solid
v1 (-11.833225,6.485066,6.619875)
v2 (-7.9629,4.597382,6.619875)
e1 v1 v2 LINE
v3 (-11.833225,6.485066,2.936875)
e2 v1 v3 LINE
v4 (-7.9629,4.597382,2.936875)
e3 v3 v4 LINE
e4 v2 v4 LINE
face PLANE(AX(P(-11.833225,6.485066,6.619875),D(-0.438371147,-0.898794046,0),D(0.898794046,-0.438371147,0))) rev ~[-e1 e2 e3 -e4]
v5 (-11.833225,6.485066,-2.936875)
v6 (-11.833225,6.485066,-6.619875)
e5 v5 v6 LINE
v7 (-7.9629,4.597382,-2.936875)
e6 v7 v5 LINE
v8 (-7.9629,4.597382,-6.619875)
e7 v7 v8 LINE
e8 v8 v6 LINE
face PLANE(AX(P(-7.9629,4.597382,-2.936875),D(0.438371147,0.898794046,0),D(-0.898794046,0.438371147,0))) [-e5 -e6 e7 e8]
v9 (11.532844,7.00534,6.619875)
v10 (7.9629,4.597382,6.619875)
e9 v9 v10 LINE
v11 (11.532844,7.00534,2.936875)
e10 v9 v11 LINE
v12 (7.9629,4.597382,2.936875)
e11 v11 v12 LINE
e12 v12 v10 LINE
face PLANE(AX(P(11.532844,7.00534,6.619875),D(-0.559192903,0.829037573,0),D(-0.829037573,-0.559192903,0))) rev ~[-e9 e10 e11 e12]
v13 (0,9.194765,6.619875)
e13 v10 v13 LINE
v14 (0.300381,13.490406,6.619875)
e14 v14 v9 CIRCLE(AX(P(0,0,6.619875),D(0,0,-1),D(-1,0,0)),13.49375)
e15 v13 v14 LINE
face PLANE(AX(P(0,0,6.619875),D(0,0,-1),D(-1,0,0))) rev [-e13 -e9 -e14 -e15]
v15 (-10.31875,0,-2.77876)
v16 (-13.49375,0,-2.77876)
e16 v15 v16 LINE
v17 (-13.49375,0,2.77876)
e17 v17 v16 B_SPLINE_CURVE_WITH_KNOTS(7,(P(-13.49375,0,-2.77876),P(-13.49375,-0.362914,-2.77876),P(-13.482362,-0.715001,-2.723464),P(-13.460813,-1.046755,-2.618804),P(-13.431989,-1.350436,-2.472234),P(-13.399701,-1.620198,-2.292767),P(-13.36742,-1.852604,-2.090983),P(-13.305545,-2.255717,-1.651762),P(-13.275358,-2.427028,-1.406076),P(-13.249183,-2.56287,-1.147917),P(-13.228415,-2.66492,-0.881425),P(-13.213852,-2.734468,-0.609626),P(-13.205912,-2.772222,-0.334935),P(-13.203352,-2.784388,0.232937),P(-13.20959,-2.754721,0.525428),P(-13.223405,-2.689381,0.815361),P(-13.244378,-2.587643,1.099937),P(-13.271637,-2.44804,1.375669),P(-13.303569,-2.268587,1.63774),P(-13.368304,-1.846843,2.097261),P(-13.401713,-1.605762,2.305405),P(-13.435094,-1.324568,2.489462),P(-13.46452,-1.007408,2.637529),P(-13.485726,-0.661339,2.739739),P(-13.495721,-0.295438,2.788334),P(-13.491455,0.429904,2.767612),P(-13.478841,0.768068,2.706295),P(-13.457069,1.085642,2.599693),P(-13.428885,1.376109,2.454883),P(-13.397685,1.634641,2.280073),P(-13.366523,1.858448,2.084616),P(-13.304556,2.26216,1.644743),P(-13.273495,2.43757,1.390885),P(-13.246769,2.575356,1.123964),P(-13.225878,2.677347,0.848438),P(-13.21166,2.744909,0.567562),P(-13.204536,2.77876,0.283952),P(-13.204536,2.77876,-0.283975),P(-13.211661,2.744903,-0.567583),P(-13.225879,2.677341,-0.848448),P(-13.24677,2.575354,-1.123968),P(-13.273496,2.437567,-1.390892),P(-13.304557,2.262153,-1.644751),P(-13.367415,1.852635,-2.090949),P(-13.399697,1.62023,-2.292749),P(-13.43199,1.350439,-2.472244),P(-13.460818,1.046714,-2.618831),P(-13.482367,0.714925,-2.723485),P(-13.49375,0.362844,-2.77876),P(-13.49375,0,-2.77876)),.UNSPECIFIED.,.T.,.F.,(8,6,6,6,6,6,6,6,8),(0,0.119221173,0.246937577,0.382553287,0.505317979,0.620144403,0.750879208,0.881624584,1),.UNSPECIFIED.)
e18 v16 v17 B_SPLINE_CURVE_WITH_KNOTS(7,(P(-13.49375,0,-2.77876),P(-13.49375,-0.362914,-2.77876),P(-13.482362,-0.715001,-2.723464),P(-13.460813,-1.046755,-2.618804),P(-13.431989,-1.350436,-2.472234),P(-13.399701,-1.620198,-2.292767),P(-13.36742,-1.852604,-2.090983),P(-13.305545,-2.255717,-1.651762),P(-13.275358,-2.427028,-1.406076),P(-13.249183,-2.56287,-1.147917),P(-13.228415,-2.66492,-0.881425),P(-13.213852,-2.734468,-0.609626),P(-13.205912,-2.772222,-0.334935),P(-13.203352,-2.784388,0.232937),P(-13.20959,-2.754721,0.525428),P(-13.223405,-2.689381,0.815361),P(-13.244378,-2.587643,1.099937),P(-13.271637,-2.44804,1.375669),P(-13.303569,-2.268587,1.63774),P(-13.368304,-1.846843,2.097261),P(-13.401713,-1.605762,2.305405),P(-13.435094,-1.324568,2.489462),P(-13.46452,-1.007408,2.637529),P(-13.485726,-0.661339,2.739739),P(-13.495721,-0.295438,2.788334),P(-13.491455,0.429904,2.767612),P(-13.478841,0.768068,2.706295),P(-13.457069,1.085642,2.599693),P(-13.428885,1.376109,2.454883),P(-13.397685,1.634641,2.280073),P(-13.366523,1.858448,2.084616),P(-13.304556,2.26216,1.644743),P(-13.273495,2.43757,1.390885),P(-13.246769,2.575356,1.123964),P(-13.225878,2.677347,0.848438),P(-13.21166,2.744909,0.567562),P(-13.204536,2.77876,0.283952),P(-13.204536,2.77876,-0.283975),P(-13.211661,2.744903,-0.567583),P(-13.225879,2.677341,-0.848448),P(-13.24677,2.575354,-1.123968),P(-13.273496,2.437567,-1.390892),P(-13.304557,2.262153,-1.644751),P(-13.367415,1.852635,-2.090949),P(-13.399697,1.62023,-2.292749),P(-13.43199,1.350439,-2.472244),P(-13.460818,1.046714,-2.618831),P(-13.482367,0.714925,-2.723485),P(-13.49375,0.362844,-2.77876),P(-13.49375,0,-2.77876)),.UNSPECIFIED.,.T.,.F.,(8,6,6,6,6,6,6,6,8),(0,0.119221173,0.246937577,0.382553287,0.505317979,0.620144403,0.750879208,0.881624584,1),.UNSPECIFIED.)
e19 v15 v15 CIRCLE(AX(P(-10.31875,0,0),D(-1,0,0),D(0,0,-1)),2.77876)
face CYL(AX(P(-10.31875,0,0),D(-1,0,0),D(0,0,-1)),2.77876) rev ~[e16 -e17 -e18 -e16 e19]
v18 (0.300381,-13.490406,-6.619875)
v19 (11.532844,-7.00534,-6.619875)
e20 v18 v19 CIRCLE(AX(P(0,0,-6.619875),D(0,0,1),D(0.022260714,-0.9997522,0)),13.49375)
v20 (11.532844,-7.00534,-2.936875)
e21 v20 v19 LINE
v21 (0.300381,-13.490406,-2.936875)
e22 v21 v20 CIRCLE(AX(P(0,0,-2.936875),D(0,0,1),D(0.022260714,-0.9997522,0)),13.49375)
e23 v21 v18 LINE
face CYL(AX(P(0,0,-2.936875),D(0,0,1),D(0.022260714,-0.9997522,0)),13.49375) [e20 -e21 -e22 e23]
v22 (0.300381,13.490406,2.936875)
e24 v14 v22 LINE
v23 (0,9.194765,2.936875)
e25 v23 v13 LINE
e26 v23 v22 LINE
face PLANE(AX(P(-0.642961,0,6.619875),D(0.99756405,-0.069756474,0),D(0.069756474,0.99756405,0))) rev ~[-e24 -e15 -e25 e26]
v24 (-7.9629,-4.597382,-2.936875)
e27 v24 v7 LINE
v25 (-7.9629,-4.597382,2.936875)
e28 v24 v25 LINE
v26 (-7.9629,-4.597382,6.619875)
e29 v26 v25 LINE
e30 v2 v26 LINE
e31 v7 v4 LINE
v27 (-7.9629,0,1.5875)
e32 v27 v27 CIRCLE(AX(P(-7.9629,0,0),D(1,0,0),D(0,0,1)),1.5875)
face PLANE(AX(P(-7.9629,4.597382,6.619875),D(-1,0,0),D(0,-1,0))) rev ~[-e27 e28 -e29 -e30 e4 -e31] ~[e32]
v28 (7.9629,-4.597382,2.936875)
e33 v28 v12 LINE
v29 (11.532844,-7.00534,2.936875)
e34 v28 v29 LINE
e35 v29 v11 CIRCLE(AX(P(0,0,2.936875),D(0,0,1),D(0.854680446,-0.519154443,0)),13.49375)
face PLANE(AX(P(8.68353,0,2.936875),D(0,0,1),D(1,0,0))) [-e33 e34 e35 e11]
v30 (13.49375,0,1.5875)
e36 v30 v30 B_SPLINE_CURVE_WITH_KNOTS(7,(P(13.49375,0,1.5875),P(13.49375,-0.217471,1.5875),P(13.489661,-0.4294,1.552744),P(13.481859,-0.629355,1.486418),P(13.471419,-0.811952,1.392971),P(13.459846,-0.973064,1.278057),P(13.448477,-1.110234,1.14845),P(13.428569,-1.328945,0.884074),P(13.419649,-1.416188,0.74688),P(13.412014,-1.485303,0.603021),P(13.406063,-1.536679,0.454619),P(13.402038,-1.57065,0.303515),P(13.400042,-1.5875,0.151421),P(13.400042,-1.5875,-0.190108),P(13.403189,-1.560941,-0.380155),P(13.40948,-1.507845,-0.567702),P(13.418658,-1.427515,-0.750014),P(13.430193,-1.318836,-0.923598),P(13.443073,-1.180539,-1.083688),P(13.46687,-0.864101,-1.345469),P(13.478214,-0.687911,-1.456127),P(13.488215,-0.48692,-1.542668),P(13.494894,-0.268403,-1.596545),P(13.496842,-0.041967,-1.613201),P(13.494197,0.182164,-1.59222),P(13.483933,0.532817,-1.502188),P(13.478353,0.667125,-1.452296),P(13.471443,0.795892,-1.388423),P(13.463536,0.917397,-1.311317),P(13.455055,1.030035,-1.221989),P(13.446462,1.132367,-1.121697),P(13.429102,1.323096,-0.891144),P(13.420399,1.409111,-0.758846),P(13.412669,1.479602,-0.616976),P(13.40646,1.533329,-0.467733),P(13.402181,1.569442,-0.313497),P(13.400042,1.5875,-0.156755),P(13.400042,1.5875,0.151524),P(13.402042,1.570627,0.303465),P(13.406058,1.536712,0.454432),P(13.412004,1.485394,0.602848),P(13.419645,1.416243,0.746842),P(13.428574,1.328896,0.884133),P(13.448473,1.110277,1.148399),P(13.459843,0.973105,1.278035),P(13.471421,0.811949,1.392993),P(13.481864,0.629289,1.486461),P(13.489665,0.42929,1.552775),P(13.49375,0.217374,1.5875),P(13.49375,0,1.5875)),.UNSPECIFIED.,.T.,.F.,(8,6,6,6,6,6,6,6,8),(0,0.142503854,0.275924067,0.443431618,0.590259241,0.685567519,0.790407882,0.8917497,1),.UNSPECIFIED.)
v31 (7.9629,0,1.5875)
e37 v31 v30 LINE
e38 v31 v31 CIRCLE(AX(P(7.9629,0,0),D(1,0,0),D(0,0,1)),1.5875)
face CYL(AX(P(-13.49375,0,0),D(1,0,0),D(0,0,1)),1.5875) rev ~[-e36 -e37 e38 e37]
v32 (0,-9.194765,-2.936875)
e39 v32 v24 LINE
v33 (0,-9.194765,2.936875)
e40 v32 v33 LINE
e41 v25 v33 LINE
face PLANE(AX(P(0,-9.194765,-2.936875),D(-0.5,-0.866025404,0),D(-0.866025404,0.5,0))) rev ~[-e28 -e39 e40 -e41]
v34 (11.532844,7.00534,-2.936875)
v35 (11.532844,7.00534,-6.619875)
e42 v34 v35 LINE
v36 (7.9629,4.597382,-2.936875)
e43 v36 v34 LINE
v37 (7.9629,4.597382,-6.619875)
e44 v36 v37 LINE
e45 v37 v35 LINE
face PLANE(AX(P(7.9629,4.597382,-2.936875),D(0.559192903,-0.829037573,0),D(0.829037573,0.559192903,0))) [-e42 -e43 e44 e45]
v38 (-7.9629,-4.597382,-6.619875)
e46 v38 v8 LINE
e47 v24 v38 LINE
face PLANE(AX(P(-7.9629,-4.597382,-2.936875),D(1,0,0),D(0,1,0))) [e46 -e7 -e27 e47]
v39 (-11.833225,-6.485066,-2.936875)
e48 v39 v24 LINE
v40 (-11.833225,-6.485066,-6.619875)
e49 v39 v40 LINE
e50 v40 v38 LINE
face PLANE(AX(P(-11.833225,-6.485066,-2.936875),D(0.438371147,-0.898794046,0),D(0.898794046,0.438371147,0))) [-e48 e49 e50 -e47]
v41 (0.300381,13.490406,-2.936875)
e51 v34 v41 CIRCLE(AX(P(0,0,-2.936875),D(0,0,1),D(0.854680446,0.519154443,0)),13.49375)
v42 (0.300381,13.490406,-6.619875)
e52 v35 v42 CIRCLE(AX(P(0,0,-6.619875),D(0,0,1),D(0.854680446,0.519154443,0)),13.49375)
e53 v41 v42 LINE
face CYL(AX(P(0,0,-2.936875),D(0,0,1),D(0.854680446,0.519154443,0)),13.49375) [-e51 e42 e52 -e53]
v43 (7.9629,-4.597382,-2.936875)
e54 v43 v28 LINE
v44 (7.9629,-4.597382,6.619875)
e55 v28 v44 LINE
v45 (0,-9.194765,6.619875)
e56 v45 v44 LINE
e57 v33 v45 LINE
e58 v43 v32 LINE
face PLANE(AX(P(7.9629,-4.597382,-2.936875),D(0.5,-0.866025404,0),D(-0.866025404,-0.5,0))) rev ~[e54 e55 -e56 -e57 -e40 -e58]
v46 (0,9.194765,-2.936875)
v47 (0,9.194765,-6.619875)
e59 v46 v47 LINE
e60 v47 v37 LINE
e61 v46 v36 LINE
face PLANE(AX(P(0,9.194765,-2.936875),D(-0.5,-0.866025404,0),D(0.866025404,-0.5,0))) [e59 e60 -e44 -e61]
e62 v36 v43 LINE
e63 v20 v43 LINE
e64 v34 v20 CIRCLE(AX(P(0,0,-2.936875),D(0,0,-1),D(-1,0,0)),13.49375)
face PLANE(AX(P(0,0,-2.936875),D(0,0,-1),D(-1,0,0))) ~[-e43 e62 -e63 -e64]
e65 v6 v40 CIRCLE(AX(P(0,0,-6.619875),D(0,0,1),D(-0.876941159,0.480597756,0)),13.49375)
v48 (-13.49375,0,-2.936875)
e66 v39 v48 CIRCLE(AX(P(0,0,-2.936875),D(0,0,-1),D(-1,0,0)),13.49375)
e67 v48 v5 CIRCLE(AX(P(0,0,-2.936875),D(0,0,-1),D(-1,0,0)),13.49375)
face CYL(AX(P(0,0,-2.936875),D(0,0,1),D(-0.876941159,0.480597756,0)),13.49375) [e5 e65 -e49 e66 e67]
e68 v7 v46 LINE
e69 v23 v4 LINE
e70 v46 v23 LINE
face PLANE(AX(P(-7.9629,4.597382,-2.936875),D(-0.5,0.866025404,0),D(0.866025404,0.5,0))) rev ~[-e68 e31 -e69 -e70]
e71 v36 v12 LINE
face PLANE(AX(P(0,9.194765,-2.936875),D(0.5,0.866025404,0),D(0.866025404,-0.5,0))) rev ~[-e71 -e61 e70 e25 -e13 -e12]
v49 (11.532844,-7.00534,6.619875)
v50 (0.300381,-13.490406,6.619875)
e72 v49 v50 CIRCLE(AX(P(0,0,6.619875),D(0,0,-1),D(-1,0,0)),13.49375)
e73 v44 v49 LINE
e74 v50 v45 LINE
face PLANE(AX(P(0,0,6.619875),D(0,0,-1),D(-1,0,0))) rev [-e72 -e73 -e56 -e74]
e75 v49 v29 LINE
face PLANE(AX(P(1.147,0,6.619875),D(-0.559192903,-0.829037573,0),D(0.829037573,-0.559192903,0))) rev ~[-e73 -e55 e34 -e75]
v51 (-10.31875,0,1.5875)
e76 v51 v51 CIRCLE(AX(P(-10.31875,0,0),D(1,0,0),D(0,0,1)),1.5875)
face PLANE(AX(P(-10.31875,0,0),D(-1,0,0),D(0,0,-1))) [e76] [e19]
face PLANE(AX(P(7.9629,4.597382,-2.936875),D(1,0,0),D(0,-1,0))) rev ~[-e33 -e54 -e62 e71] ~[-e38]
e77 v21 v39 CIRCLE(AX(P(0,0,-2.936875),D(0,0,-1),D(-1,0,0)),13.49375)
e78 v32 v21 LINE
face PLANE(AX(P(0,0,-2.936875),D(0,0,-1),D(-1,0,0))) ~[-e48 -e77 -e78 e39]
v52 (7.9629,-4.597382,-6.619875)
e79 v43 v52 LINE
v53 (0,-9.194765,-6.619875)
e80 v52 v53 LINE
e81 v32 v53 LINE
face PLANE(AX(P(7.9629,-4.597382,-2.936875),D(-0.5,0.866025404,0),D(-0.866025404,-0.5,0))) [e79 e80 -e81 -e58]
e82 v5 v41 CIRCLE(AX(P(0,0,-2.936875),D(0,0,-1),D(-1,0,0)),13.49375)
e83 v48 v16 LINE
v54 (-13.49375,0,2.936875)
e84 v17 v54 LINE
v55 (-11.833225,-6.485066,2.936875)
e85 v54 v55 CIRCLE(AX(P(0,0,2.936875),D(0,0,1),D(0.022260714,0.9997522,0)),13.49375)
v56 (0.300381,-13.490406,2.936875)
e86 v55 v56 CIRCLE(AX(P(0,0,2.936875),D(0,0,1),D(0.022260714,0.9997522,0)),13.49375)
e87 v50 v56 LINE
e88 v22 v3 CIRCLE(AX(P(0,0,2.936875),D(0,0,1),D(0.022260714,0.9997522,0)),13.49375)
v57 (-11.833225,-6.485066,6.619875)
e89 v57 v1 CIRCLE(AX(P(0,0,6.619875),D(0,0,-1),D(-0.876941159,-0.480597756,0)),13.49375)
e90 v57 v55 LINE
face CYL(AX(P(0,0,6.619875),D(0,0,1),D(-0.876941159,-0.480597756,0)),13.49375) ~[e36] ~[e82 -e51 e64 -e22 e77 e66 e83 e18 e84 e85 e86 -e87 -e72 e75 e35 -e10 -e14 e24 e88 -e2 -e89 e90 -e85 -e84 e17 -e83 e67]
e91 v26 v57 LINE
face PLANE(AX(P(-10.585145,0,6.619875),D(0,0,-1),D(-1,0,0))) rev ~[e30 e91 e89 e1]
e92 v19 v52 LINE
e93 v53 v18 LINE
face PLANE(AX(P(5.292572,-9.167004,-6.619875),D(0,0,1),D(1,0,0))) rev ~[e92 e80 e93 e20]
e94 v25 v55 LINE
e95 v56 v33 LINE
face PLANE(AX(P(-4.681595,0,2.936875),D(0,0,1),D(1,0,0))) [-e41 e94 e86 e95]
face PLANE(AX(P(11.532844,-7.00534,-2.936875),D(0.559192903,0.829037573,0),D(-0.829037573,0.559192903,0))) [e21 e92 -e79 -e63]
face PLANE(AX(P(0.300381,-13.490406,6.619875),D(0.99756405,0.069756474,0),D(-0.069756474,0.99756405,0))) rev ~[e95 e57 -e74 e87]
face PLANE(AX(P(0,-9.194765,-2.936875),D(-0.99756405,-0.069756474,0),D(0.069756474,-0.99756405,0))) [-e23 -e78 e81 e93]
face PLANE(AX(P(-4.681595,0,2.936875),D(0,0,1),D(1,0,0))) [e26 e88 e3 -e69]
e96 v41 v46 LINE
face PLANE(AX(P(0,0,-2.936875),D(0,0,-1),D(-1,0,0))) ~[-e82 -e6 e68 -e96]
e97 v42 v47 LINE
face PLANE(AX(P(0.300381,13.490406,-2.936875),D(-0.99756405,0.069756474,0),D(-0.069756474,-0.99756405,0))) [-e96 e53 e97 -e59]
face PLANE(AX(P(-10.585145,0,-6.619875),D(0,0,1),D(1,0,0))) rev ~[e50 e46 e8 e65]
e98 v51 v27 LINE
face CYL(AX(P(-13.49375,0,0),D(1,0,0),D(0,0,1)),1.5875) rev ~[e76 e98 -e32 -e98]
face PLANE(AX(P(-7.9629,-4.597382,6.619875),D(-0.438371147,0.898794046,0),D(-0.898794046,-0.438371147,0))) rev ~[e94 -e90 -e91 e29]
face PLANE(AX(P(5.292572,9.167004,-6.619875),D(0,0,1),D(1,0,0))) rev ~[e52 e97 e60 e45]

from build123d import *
from build123d.topology import SkipClean

# Parameters (mm, degrees)
SKETCH1_W                = 13.493749999999999
SKETCH1_H                = 9.55675
CUT_EXTRUDE1_DEPTH       = 3.683
CUT_EXTRUDE2_DEPTH       = 3.683
CUT_EXTRUDE3_DEPTH       = 22.342306545626695
BOSS_EXTRUDE1_START      = 3.6830000000000003
BOSS_EXTRUDE1_DEPTH      = 3.6830000000000003
BOSS_EXTRUDE2_DEPTH      = 3.683
BOSS_EXTRUDE3_DEPTH      = 3.683
BOSS_EXTRUDE4_DEPTH      = 3.6830000000000007
M2_CLEARANCE_HOLE1_D     = 2.2606
M2_CLEARANCE_HOLE1_DEPTH = 5.530875
HOLE1_D                  = 3.175
HOLE1_DEPTH              = 26.987525
HOLE1_CBORE_D            = 5.55752
HOLE1_CBORE_DEPTH        = 3.175


with BuildPart() as part:
    # Sketch1 → Revolve1 (revolve)
    with BuildSketch(Plane.XZ, mode=Mode.PRIVATE) as revolve1_sk:
        with Locations((6.746874999999999, 1.8414999999999997)):
            Rectangle(SKETCH1_W, SKETCH1_H)
    revolve(revolve1_sk.sketch.rotate(Axis((0, 0, 6.6198749999999995), (0, 0, -1)), 180), axis=Axis((0, 0, 6.6198749999999995), (0, 0, -1)))

    # Sketch2 → Cut-Extrude1 (cut)
    with BuildSketch(Plane.XY.offset(6.6198749999999995)):
        with BuildLine():
            Line((11.532844262672493, 7.005340268355434), (1.1470002096581853, 6.94e-15))
            Line((1.1470002096581853, 6.94e-15), (11.532844262672493, -7.005340268355431))
            ThreePointArc((11.532844262672493, -7.005340268355431), (13.493749999999999, 1.5e-15), (11.532844262672493, 7.005340268355434))
        make_face()
    extrude(amount=-CUT_EXTRUDE1_DEPTH, mode=Mode.SUBTRACT)

    # Sketch3 → Cut-Extrude2 (cut)
    with BuildSketch(Plane.XY.offset(6.6198749999999995)):
        with BuildLine():
            Line((-0.6429605972199295, -9.714e-14), (0.3003805032135874, 13.490406243541708))
            ThreePointArc((0.3003805032135874, 13.490406243541708), (-13.493749999999999, 1.65e-15), (0.3003805032135965, -13.49040624354171))
            Line((0.3003805032135965, -13.49040624354171), (-0.6429605972199295, -9.714e-14))
        make_face()
    extrude(amount=-CUT_EXTRUDE2_DEPTH, mode=Mode.SUBTRACT)

    # Sketch4 → Cut-Extrude3 (cut, through all)
    with BuildSketch(Plane(origin=(0, 0, -2.936875), x_dir=(-1, 0, 0), z_dir=(0, 0, -1))):
        Polygon((-7.9628999999999985, -4.597382458530073), (0, -9.19476491706014), (7.962900000000002, -4.597382458530068), (7.962900000000002, 4.597382458530077), (-5.2e-15, 9.194764917060152), (-7.962899999999997, 4.5973824585300775), align=None)
    extrude(amount=-CUT_EXTRUDE3_DEPTH, mode=Mode.SUBTRACT)

    # Sketch5 → Boss-Extrude1 (add)
    with BuildSketch(Plane.XY.offset(2.936875).offset(BOSS_EXTRUDE1_START)):
        with BuildLine():
            Line((-11.833224765886177, 6.485065975186222), (-7.962900000000002, 4.597382458530077))
            Line((-7.962900000000002, 4.597382458530077), (-7.962900000000002, -4.597382458530068))
            Line((-7.962900000000002, -4.597382458530068), (-11.833224765886175, -6.485065975186225))
            ThreePointArc((-11.833224765886175, -6.485065975186225), (-13.49375, -1.65e-15), (-11.833224765886177, 6.485065975186222))
        make_face()
    extrude(amount=-BOSS_EXTRUDE1_DEPTH)

    # Sketch6 → Boss-Extrude2 (add)
    with SkipClean():  # the faces are left unmerged after this step: merging them gives an invalid solid
        with BuildSketch(Plane(origin=(0, 0, -2.936875), x_dir=(-1, 0, 0), z_dir=(0, 0, -1))):
            with BuildLine():
                Line((0, 9.194764917060148), (-7.962899999999997, 4.5973824585300775))
                Line((-7.962899999999997, 4.5973824585300775), (-11.53284426267249, 7.005340268355432))
                ThreePointArc((-11.53284426267249, 7.005340268355432), (-6.746874999999971, 11.685930292316284), (-0.30038050321358717, 13.490406243541708))
                Line((-0.30038050321358717, 13.490406243541708), (0, 9.194764917060148))
            make_face()
        extrude(amount=BOSS_EXTRUDE2_DEPTH)

    # Sketch7 → Boss-Extrude3 (add)
    with SkipClean():  # the faces are left unmerged after this step: merging them gives an invalid solid
        with BuildSketch(Plane(origin=(0, 0, -2.936875), x_dir=(-1, 0, 0), z_dir=(0, 0, -1))):
            with BuildLine():
                Line((11.833224765886175, -6.485065975186224), (7.962900000000002, -4.597382458530068))
                Line((7.962900000000002, -4.597382458530068), (7.962900000000002, 4.597382458530077))
                Line((7.962900000000002, 4.597382458530077), (11.833224765886177, 6.485065975186222))
                ThreePointArc((11.833224765886177, 6.485065975186222), (13.49375, 0), (11.833224765886175, -6.485065975186224))
            make_face()
        extrude(amount=BOSS_EXTRUDE3_DEPTH)

    # Sketch8 → Boss-Extrude4 (add)
    with SkipClean():  # the faces are left unmerged after this step: merging them gives an invalid solid
        with BuildSketch(Plane(origin=(0, 0, -2.936875), x_dir=(-1, 0, 0), z_dir=(0, 0, -1))):
            with BuildLine():
                Line((-11.532844262672493, -7.005340268355434), (-7.9628999999999985, -4.597382458530073))
                Line((-7.9628999999999985, -4.597382458530073), (0, -9.19476491706014))
                Line((0, -9.19476491706014), (-0.30038050321359694, -13.49040624354171))
                ThreePointArc((-0.30038050321359694, -13.49040624354171), (-6.746874999999972, -11.685930292316286), (-11.532844262672493, -7.005340268355434))
            make_face()
        extrude(amount=BOSS_EXTRUDE4_DEPTH)

    # M2 Clearance Hole1
    with Locations(Plane.ZY.offset(-7.9628999999999985)):
        with Locations((0, 0)):
            Hole(M2_CLEARANCE_HOLE1_D / 2, depth=M2_CLEARANCE_HOLE1_DEPTH)

    # Hole1
    with Locations(Plane(origin=(-13.49375, 0, 0), x_dir=(0, 0, -1), z_dir=(-1, 0, 0))):
        with Locations((0, 0)):
            CounterBoreHole(HOLE1_D / 2, HOLE1_CBORE_D / 2, HOLE1_CBORE_DEPTH, depth=HOLE1_DEPTH)


solid = part.part
